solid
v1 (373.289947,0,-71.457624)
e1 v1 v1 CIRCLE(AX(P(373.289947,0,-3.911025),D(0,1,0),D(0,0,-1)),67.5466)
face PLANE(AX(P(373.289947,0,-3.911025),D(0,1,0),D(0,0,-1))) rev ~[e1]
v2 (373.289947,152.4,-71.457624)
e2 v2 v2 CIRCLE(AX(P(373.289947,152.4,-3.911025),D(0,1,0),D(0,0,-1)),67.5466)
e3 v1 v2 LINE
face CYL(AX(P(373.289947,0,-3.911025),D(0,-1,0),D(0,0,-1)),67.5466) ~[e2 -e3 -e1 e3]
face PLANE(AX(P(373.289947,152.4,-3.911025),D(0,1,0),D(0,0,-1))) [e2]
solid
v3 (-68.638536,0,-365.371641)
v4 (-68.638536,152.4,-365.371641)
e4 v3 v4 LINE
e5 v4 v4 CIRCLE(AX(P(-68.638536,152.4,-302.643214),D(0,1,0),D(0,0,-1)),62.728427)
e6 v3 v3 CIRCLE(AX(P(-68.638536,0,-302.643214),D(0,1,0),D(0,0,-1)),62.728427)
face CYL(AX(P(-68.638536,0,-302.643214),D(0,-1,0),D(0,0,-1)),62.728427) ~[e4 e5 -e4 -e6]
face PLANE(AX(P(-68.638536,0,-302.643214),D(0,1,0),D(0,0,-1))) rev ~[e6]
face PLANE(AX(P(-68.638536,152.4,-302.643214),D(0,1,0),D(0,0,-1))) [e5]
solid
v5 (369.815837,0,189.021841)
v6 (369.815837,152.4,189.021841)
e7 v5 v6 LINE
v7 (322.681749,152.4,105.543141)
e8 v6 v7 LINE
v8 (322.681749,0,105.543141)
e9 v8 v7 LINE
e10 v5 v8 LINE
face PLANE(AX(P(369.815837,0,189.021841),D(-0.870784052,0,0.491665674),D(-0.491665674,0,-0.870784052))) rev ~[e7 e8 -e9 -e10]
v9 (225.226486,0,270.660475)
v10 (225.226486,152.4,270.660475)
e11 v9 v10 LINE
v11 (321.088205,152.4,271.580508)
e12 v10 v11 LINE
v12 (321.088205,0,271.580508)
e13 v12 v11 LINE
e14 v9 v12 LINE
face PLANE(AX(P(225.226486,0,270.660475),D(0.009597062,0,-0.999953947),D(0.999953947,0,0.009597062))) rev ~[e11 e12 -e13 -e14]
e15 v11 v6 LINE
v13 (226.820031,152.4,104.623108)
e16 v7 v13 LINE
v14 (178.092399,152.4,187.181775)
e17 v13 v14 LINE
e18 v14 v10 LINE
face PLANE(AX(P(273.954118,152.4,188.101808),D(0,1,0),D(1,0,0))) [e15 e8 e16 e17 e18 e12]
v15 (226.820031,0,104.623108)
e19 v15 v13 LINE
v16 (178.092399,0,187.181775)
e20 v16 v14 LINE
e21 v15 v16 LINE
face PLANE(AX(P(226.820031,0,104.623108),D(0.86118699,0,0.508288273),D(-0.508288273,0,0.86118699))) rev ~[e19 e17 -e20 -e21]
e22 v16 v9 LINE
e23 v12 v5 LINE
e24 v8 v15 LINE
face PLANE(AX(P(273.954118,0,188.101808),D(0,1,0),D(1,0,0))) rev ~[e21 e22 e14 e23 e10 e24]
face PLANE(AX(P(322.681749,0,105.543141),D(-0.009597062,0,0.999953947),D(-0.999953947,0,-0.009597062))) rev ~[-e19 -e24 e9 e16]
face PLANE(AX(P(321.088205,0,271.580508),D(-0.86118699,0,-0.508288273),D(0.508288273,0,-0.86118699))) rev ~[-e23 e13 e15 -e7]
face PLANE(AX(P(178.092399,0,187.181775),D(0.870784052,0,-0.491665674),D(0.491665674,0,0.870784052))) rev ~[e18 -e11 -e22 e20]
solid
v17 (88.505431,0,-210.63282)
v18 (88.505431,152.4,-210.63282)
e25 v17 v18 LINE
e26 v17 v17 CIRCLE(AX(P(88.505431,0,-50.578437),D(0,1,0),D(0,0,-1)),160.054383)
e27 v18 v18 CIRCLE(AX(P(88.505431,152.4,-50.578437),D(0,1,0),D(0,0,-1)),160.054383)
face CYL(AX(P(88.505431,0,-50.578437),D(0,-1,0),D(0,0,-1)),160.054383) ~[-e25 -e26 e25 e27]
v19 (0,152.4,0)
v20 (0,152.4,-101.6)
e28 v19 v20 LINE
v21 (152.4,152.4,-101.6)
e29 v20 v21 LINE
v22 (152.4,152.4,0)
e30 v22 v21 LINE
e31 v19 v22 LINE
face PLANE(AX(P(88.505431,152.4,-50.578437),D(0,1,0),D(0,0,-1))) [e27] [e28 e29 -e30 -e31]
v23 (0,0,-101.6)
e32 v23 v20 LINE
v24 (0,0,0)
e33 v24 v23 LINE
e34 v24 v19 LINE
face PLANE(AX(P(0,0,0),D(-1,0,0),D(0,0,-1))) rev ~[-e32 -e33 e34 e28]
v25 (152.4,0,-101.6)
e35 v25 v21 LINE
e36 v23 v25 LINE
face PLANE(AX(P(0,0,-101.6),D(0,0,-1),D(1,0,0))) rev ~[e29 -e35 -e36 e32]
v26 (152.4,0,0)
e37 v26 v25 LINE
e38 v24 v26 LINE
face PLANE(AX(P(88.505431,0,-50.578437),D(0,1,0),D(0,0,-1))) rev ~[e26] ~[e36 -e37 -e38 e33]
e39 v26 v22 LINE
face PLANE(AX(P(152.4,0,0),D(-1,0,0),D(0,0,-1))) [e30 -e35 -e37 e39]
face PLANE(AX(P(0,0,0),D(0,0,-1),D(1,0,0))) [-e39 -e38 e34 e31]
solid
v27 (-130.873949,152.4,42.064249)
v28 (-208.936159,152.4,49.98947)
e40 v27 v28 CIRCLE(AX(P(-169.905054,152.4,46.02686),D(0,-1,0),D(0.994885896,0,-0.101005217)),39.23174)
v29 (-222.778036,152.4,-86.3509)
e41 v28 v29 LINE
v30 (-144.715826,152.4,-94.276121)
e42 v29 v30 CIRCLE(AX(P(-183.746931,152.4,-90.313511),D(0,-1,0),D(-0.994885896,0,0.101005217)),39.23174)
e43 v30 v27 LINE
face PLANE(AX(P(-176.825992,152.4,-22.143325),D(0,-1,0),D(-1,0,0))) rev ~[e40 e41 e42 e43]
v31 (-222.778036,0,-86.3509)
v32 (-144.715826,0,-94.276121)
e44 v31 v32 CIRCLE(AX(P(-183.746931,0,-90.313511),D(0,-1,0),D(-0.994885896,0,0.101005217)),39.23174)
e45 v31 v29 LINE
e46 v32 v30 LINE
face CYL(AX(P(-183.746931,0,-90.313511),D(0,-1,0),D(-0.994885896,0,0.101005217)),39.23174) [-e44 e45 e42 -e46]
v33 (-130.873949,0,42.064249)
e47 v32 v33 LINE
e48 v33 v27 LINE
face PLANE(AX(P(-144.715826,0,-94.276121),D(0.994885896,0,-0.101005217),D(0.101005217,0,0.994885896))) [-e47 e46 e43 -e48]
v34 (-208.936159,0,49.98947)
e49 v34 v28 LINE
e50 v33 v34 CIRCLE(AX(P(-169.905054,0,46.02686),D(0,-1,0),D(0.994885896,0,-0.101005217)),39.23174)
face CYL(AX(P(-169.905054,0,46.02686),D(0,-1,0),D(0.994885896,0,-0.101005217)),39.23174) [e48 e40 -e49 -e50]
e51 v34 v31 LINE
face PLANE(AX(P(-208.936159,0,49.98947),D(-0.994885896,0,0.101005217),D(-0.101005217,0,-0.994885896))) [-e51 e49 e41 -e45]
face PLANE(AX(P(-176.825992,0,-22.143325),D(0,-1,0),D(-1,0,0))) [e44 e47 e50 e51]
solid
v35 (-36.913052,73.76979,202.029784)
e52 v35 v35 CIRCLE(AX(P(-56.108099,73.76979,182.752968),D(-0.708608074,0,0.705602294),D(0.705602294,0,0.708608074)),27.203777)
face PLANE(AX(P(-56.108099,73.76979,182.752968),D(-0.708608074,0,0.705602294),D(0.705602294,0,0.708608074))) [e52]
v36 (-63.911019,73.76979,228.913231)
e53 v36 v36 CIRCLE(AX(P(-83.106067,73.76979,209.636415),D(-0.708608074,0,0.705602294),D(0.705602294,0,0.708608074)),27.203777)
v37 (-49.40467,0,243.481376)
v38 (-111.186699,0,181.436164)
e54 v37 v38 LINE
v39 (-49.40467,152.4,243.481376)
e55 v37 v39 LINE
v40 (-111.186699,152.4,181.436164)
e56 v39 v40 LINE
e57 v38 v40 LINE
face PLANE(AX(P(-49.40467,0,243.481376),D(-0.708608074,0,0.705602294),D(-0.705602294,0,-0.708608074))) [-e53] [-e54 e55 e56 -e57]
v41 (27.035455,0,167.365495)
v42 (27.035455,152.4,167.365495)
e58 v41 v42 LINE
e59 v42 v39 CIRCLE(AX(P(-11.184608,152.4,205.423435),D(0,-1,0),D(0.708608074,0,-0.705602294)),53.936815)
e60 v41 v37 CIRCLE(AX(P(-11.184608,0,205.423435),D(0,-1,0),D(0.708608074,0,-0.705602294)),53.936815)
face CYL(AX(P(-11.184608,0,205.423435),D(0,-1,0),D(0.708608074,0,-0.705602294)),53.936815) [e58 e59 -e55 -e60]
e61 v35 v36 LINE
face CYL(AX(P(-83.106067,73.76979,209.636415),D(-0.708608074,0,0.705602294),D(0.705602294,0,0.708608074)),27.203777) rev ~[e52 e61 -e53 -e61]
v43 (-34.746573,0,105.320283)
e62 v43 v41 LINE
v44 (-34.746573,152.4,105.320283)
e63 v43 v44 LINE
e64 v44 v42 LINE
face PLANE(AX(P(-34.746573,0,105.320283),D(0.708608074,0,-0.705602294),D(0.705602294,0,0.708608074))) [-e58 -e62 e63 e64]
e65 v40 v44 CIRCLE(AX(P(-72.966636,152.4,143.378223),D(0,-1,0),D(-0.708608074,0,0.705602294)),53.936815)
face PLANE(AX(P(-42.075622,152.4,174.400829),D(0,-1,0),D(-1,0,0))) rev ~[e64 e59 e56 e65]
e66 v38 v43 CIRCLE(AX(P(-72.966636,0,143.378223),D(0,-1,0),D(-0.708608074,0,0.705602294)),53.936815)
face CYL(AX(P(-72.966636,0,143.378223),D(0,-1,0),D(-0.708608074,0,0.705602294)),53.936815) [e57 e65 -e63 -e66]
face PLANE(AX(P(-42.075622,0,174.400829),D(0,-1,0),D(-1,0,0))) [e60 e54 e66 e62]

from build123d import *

# Parameters (mm, degrees)
SKETCH1_R             = 160.054383024
SKETCH1_W             = 152.4
SKETCH1_H             = 101.6
BOSS_EXTRUDE1_DEPTH   = 152.4
SKETCH1_R_2           = 67.546599545
BOSS_EXTRUDE1_2_DEPTH = 152.4
SKETCH1_R_3           = 62.72842728
BOSS_EXTRUDE1_3_DEPTH = 152.4
BOSS_EXTRUDE1_4_DEPTH = 152.4
BOSS_EXTRUDE1_5_DEPTH = 152.4
BOSS_EXTRUDE1_6_DEPTH = 152.4
SKETCH2_R             = 27.203777015
CUT_EXTRUDE1_DEPTH    = 38.1


with BuildPart() as part:
    # Sketch1 → Boss-Extrude1 (new body)
    with BuildSketch(Plane(origin=(0, 0, 0), x_dir=(1, 0, 0), z_dir=(0, 1, 0))):
        with Locations(Location((88.50543124, 50.578437179, 0), (0, 0, 90))):
            Circle(SKETCH1_R)
        with Locations((76.2, 50.8)):
            Rectangle(SKETCH1_W, SKETCH1_H, mode=Mode.SUBTRACT)
    extrude(amount=BOSS_EXTRUDE1_DEPTH)


with BuildPart() as body_2:
    # Sketch1 → Boss-Extrude1 2 (new body)
    with BuildSketch(Plane(origin=(0, 0, 0), x_dir=(1, 0, 0), z_dir=(0, 1, 0))):
        with Locations(Location((373.289947205, 3.911024814, 0), (0, 0, 90))):
            Circle(SKETCH1_R_2)
    extrude(amount=BOSS_EXTRUDE1_2_DEPTH)


with BuildPart() as body_3:
    # Sketch1 → Boss-Extrude1 3 (new body)
    with BuildSketch(Plane(origin=(0, 0, 0), x_dir=(1, 0, 0), z_dir=(0, 1, 0))):
        with Locations(Location((-68.638535942, 302.643214026, 0), (0, 0, 90))):
            Circle(SKETCH1_R_3)
    extrude(amount=BOSS_EXTRUDE1_3_DEPTH)


with BuildPart() as body_4:
    # Sketch1 → Boss-Extrude1 4 (new body)
    with BuildSketch(Plane(origin=(0, 0, 0), x_dir=(1, 0, 0), z_dir=(0, 1, 0))):
        Polygon((225.22648648, -270.660475239), (321.088205207, -271.580508421), (369.815836678, -189.021841345), (322.681749423, -105.543141086), (226.820030696, -104.623107904), (178.092399225, -187.18177498), align=None)
    extrude(amount=BOSS_EXTRUDE1_4_DEPTH)


with BuildPart() as body_5:
    # Sketch1 → Boss-Extrude1 5 (new body)
    with BuildSketch(Plane(origin=(0, 0, 0), x_dir=(1, 0, 0), z_dir=(0, 1, 0))):
        with BuildLine():
            Line((-144.715826236, 94.276120946), (-130.873948783, -42.06424919))
            ThreePointArc((-130.873948783, -42.06424919), (-165.942443278, -85.057964519), (-208.936158607, -49.989470025))
            Line((-208.936158607, -49.989470025), (-222.77803606, 86.350900111))
            ThreePointArc((-222.77803606, 86.350900111), (-187.709541566, 129.344615441), (-144.715826236, 94.276120946))
        make_face()
    extrude(amount=BOSS_EXTRUDE1_5_DEPTH)


with BuildPart() as body_6:
    # Sketch1 → Boss-Extrude1 6 (new body)
    with BuildSketch(Plane(origin=(0, 0, 0), x_dir=(1, 0, 0), z_dir=(0, 1, 0))):
        with BuildLine():
            Line((-49.404670277, -243.481375716), (-111.18669851, -181.436163559))
            ThreePointArc((-111.18669851, -181.436163559), (-111.024576314, -105.15816066), (-34.746573415, -105.320282856))
            Line((-34.746573415, -105.320282856), (27.035454818, -167.365495014))
            ThreePointArc((27.035454818, -167.365495014), (26.873332621, -243.643497912), (-49.404670277, -243.481375716))
        make_face()
    extrude(amount=BOSS_EXTRUDE1_6_DEPTH)

    # Sketch2 → Cut-Extrude1 (cut, symmetric)
    with BuildSketch(Plane(origin=(-146.546927918, 0, 145.925303875), x_dir=(0.7056022940885255, 0, 0.7086080740275332), z_dir=(-0.7086080740275332, 0, 0.7056022940885255))):
        with Locations((89.910225123, 73.76978969)):
            Circle(SKETCH2_R)
    extrude(amount=CUT_EXTRUDE1_DEPTH, both=True, mode=Mode.SUBTRACT)


solid = Compound([part.part, body_2.part, body_3.part, body_4.part, body_5.part, body_6.part])
